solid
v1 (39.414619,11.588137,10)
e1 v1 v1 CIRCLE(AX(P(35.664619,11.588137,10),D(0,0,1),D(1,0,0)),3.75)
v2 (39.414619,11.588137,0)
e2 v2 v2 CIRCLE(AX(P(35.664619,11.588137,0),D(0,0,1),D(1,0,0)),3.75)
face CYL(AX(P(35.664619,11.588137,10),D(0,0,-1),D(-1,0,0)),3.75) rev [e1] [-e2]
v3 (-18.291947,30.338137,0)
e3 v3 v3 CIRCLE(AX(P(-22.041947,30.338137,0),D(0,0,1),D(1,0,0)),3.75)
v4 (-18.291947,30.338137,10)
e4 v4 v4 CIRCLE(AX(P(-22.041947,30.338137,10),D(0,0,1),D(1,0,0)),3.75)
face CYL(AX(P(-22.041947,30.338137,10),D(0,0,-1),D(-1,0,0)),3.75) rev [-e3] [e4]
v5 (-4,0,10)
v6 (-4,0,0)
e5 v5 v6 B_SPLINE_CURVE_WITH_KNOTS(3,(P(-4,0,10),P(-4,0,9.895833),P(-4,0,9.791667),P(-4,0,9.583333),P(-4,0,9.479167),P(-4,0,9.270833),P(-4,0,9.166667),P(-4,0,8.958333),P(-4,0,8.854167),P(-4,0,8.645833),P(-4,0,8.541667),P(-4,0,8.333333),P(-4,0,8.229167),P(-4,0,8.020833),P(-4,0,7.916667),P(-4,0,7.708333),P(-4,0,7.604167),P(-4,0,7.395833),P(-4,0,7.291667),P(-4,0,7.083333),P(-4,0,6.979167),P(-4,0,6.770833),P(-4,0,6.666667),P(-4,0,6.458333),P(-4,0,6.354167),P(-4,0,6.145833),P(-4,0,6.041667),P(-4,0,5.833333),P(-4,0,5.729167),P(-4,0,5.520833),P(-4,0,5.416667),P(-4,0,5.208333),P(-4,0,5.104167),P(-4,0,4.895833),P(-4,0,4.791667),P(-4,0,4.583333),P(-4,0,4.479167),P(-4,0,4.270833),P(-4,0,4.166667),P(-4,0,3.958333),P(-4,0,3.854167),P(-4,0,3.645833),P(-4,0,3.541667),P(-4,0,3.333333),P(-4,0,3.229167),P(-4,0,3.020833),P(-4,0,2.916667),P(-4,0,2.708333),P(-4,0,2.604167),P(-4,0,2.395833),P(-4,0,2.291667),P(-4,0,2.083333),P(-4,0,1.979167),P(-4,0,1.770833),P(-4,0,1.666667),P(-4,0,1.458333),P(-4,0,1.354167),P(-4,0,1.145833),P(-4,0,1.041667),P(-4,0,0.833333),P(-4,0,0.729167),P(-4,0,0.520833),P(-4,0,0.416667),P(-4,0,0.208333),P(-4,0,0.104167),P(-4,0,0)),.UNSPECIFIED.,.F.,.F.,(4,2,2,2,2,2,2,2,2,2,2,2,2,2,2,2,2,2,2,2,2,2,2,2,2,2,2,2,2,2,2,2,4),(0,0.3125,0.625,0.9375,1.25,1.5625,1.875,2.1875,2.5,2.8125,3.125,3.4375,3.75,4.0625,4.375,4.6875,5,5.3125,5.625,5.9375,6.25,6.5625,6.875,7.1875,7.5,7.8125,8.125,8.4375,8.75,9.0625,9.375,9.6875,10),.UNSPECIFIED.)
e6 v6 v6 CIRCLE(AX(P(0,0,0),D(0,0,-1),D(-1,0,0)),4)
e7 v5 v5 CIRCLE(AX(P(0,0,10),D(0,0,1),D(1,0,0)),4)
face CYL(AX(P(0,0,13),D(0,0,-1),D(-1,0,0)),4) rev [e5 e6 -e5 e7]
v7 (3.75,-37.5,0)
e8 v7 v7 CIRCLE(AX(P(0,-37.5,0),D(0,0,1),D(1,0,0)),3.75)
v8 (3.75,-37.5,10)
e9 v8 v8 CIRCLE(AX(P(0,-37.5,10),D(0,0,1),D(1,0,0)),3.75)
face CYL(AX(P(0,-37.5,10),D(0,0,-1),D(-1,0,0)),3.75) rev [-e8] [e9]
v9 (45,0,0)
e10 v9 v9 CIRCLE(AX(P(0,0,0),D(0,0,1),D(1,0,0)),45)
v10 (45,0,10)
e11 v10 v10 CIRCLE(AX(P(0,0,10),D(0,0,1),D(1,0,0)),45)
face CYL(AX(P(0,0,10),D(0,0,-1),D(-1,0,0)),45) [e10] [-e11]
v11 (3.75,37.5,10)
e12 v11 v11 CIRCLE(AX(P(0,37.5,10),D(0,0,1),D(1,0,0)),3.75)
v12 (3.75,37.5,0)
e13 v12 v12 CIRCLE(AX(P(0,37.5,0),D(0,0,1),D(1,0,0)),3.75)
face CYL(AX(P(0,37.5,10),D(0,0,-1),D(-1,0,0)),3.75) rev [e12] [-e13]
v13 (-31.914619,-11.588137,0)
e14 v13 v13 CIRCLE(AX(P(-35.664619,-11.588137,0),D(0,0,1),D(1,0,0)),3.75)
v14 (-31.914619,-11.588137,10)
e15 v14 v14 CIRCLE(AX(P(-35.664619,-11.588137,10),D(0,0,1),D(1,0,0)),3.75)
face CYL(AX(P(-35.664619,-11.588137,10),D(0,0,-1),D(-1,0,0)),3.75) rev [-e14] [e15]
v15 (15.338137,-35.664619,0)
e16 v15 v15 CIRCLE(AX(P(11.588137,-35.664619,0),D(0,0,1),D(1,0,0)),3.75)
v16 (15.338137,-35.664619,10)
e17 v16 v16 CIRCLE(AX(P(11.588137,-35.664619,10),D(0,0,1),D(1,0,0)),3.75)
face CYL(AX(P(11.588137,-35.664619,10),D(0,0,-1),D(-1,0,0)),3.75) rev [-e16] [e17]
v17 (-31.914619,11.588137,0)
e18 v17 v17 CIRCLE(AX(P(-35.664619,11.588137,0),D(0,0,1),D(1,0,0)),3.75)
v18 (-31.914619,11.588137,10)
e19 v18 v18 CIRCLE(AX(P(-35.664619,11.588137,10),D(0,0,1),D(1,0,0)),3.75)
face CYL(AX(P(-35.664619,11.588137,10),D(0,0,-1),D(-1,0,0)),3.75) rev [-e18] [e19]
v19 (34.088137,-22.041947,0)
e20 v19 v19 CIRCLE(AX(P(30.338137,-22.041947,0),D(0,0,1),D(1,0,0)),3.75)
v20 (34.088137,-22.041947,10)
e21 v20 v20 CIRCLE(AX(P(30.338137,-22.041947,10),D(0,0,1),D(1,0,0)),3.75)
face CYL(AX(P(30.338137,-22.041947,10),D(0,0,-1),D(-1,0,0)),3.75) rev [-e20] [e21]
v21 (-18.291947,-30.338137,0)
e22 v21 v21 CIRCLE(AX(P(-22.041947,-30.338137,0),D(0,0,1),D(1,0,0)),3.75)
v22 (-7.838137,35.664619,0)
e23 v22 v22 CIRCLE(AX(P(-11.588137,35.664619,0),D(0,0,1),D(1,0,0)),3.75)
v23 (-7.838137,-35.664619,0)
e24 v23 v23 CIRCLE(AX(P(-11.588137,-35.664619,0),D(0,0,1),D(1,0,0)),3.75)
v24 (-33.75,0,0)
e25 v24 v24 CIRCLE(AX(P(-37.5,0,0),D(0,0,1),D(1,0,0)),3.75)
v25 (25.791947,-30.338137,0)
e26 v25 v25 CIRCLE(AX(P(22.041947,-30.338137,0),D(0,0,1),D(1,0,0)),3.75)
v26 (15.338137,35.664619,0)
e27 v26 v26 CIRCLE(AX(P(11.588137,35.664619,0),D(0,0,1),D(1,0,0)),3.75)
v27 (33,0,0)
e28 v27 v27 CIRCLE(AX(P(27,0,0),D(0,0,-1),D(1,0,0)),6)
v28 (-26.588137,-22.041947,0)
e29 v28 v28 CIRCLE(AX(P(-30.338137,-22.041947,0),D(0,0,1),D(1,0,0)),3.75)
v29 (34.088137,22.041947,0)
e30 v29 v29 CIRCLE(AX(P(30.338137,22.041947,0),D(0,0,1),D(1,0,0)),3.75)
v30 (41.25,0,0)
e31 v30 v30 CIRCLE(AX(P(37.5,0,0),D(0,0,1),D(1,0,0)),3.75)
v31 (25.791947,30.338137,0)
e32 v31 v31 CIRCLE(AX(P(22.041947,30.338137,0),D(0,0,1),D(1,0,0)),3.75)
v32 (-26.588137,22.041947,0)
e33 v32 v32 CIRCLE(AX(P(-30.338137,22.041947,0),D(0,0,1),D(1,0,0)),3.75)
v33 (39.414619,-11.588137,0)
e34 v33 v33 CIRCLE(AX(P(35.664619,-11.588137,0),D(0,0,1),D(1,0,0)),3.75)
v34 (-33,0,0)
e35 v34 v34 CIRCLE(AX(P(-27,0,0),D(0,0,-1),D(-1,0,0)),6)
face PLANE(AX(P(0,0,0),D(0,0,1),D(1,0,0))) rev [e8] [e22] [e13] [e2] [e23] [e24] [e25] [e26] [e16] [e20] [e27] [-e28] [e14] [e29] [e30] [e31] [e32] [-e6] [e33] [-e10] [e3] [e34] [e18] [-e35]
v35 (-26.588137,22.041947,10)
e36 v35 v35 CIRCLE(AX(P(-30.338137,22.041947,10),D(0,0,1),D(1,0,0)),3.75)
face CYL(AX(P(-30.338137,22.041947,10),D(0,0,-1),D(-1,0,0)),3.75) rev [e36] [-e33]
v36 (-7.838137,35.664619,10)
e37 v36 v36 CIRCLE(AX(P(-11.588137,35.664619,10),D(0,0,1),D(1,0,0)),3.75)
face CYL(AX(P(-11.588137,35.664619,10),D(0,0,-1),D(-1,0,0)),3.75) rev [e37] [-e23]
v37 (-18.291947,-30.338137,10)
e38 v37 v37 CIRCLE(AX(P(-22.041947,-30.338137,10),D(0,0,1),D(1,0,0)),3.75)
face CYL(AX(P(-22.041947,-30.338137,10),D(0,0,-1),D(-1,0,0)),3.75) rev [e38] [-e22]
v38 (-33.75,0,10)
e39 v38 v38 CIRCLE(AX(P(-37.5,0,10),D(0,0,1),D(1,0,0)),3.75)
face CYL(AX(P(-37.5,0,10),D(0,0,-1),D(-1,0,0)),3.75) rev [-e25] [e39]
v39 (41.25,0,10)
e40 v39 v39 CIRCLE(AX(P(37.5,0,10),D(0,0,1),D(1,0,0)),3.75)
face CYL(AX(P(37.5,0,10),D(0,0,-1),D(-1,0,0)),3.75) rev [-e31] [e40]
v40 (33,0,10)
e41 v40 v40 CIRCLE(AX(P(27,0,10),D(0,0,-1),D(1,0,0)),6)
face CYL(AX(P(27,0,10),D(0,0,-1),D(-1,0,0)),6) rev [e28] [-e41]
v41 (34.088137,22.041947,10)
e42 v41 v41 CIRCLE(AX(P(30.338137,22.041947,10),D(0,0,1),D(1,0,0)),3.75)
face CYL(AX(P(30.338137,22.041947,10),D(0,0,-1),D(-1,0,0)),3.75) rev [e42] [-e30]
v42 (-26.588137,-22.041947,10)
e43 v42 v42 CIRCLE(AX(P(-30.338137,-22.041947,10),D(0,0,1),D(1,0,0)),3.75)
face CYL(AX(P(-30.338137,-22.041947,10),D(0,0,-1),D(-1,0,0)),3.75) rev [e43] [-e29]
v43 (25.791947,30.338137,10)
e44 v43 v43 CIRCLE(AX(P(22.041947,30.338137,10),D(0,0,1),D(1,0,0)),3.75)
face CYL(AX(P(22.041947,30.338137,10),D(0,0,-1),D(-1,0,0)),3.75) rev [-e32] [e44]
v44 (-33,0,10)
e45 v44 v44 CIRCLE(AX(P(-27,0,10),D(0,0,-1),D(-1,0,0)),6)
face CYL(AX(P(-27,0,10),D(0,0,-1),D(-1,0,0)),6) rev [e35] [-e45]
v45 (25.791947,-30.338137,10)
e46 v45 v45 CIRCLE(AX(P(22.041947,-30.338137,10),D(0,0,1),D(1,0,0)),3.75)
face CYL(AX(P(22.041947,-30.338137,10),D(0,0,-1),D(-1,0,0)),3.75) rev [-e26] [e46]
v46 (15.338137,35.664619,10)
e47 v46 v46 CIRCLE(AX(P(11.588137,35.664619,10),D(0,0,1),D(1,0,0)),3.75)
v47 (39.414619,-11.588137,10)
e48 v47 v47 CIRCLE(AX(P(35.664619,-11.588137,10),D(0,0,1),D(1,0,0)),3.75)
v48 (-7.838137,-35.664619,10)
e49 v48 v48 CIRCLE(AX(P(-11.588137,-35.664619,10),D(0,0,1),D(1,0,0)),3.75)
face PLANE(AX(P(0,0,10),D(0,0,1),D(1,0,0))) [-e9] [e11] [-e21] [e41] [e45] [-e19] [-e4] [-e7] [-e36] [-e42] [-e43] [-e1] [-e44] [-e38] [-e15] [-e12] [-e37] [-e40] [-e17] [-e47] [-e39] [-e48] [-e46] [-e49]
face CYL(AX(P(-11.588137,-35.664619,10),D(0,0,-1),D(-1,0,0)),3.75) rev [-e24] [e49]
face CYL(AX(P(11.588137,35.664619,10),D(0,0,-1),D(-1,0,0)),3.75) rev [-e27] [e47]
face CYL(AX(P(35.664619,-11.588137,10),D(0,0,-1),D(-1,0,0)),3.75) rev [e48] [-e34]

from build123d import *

# Parameters (mm, degrees)
SKETCH1_R           = 45
SKETCH1_R_2         = 3.75
BOSS_EXTRUDE1_DEPTH = 10
SKETCH2_R           = 6
CUT_EXTRUDE1_DEPTH  = 10
SKETCH3_R           = 4
CUT_EXTRUDE2_DEPTH  = 13


with BuildPart() as part:
    # Sketch1 → Boss-Extrude1 (new body)
    with BuildSketch(Plane.XY):
        Circle(SKETCH1_R)
        with Locations((0, 37.5)):
            Circle(SKETCH1_R_2, mode=Mode.SUBTRACT)
        with Locations((11.588137289, 35.664619361)):
            Circle(SKETCH1_R_2, mode=Mode.SUBTRACT)
        with Locations((22.041946961, 30.338137289)):
            Circle(SKETCH1_R_2, mode=Mode.SUBTRACT)
        with Locations((30.338137289, 22.041946961)):
            Circle(SKETCH1_R_2, mode=Mode.SUBTRACT)
        with Locations((35.664619361, 11.588137289)):
            Circle(SKETCH1_R_2, mode=Mode.SUBTRACT)
        with Locations((37.5, 0)):
            Circle(SKETCH1_R_2, mode=Mode.SUBTRACT)
        with Locations((35.664619361, -11.588137289)):
            Circle(SKETCH1_R_2, mode=Mode.SUBTRACT)
        with Locations((30.338137289, -22.041946961)):
            Circle(SKETCH1_R_2, mode=Mode.SUBTRACT)
        with Locations((22.041946961, -30.338137289)):
            Circle(SKETCH1_R_2, mode=Mode.SUBTRACT)
        with Locations((11.588137289, -35.664619361)):
            Circle(SKETCH1_R_2, mode=Mode.SUBTRACT)
        with Locations((0, -37.5)):
            Circle(SKETCH1_R_2, mode=Mode.SUBTRACT)
        with Locations((-11.588137289, -35.664619361)):
            Circle(SKETCH1_R_2, mode=Mode.SUBTRACT)
        with Locations((-22.041946961, -30.338137289)):
            Circle(SKETCH1_R_2, mode=Mode.SUBTRACT)
        with Locations((-30.338137289, -22.041946961)):
            Circle(SKETCH1_R_2, mode=Mode.SUBTRACT)
        with Locations((-35.664619361, -11.588137289)):
            Circle(SKETCH1_R_2, mode=Mode.SUBTRACT)
        with Locations((-37.5, 0)):
            Circle(SKETCH1_R_2, mode=Mode.SUBTRACT)
        with Locations((-35.664619361, 11.588137289)):
            Circle(SKETCH1_R_2, mode=Mode.SUBTRACT)
        with Locations((-30.338137289, 22.041946961)):
            Circle(SKETCH1_R_2, mode=Mode.SUBTRACT)
        with Locations((-22.041946961, 30.338137289)):
            Circle(SKETCH1_R_2, mode=Mode.SUBTRACT)
        with Locations((-11.588137289, 35.664619361)):
            Circle(SKETCH1_R_2, mode=Mode.SUBTRACT)
    extrude(amount=BOSS_EXTRUDE1_DEPTH)

    # Sketch2 → Cut-Extrude1 (cut)
    with BuildSketch(Plane(origin=(0, 0, 0), x_dir=(-1, 0, 0), z_dir=(0, 0, -1))):
        with Locations((27, 0)):
            Circle(SKETCH2_R)
        with Locations(Location((-27, 0, 0), (0, 0, 180))):
            Circle(SKETCH2_R)
    extrude(amount=-CUT_EXTRUDE1_DEPTH, mode=Mode.SUBTRACT)

    # Sketch3 → Cut-Extrude2 (cut)
    with BuildSketch(Plane(origin=(0, 0, 0), x_dir=(-1, 0, 0), z_dir=(0, 0, -1))):
        Circle(SKETCH3_R)
    extrude(amount=-CUT_EXTRUDE2_DEPTH, mode=Mode.SUBTRACT)


solid = part.part
